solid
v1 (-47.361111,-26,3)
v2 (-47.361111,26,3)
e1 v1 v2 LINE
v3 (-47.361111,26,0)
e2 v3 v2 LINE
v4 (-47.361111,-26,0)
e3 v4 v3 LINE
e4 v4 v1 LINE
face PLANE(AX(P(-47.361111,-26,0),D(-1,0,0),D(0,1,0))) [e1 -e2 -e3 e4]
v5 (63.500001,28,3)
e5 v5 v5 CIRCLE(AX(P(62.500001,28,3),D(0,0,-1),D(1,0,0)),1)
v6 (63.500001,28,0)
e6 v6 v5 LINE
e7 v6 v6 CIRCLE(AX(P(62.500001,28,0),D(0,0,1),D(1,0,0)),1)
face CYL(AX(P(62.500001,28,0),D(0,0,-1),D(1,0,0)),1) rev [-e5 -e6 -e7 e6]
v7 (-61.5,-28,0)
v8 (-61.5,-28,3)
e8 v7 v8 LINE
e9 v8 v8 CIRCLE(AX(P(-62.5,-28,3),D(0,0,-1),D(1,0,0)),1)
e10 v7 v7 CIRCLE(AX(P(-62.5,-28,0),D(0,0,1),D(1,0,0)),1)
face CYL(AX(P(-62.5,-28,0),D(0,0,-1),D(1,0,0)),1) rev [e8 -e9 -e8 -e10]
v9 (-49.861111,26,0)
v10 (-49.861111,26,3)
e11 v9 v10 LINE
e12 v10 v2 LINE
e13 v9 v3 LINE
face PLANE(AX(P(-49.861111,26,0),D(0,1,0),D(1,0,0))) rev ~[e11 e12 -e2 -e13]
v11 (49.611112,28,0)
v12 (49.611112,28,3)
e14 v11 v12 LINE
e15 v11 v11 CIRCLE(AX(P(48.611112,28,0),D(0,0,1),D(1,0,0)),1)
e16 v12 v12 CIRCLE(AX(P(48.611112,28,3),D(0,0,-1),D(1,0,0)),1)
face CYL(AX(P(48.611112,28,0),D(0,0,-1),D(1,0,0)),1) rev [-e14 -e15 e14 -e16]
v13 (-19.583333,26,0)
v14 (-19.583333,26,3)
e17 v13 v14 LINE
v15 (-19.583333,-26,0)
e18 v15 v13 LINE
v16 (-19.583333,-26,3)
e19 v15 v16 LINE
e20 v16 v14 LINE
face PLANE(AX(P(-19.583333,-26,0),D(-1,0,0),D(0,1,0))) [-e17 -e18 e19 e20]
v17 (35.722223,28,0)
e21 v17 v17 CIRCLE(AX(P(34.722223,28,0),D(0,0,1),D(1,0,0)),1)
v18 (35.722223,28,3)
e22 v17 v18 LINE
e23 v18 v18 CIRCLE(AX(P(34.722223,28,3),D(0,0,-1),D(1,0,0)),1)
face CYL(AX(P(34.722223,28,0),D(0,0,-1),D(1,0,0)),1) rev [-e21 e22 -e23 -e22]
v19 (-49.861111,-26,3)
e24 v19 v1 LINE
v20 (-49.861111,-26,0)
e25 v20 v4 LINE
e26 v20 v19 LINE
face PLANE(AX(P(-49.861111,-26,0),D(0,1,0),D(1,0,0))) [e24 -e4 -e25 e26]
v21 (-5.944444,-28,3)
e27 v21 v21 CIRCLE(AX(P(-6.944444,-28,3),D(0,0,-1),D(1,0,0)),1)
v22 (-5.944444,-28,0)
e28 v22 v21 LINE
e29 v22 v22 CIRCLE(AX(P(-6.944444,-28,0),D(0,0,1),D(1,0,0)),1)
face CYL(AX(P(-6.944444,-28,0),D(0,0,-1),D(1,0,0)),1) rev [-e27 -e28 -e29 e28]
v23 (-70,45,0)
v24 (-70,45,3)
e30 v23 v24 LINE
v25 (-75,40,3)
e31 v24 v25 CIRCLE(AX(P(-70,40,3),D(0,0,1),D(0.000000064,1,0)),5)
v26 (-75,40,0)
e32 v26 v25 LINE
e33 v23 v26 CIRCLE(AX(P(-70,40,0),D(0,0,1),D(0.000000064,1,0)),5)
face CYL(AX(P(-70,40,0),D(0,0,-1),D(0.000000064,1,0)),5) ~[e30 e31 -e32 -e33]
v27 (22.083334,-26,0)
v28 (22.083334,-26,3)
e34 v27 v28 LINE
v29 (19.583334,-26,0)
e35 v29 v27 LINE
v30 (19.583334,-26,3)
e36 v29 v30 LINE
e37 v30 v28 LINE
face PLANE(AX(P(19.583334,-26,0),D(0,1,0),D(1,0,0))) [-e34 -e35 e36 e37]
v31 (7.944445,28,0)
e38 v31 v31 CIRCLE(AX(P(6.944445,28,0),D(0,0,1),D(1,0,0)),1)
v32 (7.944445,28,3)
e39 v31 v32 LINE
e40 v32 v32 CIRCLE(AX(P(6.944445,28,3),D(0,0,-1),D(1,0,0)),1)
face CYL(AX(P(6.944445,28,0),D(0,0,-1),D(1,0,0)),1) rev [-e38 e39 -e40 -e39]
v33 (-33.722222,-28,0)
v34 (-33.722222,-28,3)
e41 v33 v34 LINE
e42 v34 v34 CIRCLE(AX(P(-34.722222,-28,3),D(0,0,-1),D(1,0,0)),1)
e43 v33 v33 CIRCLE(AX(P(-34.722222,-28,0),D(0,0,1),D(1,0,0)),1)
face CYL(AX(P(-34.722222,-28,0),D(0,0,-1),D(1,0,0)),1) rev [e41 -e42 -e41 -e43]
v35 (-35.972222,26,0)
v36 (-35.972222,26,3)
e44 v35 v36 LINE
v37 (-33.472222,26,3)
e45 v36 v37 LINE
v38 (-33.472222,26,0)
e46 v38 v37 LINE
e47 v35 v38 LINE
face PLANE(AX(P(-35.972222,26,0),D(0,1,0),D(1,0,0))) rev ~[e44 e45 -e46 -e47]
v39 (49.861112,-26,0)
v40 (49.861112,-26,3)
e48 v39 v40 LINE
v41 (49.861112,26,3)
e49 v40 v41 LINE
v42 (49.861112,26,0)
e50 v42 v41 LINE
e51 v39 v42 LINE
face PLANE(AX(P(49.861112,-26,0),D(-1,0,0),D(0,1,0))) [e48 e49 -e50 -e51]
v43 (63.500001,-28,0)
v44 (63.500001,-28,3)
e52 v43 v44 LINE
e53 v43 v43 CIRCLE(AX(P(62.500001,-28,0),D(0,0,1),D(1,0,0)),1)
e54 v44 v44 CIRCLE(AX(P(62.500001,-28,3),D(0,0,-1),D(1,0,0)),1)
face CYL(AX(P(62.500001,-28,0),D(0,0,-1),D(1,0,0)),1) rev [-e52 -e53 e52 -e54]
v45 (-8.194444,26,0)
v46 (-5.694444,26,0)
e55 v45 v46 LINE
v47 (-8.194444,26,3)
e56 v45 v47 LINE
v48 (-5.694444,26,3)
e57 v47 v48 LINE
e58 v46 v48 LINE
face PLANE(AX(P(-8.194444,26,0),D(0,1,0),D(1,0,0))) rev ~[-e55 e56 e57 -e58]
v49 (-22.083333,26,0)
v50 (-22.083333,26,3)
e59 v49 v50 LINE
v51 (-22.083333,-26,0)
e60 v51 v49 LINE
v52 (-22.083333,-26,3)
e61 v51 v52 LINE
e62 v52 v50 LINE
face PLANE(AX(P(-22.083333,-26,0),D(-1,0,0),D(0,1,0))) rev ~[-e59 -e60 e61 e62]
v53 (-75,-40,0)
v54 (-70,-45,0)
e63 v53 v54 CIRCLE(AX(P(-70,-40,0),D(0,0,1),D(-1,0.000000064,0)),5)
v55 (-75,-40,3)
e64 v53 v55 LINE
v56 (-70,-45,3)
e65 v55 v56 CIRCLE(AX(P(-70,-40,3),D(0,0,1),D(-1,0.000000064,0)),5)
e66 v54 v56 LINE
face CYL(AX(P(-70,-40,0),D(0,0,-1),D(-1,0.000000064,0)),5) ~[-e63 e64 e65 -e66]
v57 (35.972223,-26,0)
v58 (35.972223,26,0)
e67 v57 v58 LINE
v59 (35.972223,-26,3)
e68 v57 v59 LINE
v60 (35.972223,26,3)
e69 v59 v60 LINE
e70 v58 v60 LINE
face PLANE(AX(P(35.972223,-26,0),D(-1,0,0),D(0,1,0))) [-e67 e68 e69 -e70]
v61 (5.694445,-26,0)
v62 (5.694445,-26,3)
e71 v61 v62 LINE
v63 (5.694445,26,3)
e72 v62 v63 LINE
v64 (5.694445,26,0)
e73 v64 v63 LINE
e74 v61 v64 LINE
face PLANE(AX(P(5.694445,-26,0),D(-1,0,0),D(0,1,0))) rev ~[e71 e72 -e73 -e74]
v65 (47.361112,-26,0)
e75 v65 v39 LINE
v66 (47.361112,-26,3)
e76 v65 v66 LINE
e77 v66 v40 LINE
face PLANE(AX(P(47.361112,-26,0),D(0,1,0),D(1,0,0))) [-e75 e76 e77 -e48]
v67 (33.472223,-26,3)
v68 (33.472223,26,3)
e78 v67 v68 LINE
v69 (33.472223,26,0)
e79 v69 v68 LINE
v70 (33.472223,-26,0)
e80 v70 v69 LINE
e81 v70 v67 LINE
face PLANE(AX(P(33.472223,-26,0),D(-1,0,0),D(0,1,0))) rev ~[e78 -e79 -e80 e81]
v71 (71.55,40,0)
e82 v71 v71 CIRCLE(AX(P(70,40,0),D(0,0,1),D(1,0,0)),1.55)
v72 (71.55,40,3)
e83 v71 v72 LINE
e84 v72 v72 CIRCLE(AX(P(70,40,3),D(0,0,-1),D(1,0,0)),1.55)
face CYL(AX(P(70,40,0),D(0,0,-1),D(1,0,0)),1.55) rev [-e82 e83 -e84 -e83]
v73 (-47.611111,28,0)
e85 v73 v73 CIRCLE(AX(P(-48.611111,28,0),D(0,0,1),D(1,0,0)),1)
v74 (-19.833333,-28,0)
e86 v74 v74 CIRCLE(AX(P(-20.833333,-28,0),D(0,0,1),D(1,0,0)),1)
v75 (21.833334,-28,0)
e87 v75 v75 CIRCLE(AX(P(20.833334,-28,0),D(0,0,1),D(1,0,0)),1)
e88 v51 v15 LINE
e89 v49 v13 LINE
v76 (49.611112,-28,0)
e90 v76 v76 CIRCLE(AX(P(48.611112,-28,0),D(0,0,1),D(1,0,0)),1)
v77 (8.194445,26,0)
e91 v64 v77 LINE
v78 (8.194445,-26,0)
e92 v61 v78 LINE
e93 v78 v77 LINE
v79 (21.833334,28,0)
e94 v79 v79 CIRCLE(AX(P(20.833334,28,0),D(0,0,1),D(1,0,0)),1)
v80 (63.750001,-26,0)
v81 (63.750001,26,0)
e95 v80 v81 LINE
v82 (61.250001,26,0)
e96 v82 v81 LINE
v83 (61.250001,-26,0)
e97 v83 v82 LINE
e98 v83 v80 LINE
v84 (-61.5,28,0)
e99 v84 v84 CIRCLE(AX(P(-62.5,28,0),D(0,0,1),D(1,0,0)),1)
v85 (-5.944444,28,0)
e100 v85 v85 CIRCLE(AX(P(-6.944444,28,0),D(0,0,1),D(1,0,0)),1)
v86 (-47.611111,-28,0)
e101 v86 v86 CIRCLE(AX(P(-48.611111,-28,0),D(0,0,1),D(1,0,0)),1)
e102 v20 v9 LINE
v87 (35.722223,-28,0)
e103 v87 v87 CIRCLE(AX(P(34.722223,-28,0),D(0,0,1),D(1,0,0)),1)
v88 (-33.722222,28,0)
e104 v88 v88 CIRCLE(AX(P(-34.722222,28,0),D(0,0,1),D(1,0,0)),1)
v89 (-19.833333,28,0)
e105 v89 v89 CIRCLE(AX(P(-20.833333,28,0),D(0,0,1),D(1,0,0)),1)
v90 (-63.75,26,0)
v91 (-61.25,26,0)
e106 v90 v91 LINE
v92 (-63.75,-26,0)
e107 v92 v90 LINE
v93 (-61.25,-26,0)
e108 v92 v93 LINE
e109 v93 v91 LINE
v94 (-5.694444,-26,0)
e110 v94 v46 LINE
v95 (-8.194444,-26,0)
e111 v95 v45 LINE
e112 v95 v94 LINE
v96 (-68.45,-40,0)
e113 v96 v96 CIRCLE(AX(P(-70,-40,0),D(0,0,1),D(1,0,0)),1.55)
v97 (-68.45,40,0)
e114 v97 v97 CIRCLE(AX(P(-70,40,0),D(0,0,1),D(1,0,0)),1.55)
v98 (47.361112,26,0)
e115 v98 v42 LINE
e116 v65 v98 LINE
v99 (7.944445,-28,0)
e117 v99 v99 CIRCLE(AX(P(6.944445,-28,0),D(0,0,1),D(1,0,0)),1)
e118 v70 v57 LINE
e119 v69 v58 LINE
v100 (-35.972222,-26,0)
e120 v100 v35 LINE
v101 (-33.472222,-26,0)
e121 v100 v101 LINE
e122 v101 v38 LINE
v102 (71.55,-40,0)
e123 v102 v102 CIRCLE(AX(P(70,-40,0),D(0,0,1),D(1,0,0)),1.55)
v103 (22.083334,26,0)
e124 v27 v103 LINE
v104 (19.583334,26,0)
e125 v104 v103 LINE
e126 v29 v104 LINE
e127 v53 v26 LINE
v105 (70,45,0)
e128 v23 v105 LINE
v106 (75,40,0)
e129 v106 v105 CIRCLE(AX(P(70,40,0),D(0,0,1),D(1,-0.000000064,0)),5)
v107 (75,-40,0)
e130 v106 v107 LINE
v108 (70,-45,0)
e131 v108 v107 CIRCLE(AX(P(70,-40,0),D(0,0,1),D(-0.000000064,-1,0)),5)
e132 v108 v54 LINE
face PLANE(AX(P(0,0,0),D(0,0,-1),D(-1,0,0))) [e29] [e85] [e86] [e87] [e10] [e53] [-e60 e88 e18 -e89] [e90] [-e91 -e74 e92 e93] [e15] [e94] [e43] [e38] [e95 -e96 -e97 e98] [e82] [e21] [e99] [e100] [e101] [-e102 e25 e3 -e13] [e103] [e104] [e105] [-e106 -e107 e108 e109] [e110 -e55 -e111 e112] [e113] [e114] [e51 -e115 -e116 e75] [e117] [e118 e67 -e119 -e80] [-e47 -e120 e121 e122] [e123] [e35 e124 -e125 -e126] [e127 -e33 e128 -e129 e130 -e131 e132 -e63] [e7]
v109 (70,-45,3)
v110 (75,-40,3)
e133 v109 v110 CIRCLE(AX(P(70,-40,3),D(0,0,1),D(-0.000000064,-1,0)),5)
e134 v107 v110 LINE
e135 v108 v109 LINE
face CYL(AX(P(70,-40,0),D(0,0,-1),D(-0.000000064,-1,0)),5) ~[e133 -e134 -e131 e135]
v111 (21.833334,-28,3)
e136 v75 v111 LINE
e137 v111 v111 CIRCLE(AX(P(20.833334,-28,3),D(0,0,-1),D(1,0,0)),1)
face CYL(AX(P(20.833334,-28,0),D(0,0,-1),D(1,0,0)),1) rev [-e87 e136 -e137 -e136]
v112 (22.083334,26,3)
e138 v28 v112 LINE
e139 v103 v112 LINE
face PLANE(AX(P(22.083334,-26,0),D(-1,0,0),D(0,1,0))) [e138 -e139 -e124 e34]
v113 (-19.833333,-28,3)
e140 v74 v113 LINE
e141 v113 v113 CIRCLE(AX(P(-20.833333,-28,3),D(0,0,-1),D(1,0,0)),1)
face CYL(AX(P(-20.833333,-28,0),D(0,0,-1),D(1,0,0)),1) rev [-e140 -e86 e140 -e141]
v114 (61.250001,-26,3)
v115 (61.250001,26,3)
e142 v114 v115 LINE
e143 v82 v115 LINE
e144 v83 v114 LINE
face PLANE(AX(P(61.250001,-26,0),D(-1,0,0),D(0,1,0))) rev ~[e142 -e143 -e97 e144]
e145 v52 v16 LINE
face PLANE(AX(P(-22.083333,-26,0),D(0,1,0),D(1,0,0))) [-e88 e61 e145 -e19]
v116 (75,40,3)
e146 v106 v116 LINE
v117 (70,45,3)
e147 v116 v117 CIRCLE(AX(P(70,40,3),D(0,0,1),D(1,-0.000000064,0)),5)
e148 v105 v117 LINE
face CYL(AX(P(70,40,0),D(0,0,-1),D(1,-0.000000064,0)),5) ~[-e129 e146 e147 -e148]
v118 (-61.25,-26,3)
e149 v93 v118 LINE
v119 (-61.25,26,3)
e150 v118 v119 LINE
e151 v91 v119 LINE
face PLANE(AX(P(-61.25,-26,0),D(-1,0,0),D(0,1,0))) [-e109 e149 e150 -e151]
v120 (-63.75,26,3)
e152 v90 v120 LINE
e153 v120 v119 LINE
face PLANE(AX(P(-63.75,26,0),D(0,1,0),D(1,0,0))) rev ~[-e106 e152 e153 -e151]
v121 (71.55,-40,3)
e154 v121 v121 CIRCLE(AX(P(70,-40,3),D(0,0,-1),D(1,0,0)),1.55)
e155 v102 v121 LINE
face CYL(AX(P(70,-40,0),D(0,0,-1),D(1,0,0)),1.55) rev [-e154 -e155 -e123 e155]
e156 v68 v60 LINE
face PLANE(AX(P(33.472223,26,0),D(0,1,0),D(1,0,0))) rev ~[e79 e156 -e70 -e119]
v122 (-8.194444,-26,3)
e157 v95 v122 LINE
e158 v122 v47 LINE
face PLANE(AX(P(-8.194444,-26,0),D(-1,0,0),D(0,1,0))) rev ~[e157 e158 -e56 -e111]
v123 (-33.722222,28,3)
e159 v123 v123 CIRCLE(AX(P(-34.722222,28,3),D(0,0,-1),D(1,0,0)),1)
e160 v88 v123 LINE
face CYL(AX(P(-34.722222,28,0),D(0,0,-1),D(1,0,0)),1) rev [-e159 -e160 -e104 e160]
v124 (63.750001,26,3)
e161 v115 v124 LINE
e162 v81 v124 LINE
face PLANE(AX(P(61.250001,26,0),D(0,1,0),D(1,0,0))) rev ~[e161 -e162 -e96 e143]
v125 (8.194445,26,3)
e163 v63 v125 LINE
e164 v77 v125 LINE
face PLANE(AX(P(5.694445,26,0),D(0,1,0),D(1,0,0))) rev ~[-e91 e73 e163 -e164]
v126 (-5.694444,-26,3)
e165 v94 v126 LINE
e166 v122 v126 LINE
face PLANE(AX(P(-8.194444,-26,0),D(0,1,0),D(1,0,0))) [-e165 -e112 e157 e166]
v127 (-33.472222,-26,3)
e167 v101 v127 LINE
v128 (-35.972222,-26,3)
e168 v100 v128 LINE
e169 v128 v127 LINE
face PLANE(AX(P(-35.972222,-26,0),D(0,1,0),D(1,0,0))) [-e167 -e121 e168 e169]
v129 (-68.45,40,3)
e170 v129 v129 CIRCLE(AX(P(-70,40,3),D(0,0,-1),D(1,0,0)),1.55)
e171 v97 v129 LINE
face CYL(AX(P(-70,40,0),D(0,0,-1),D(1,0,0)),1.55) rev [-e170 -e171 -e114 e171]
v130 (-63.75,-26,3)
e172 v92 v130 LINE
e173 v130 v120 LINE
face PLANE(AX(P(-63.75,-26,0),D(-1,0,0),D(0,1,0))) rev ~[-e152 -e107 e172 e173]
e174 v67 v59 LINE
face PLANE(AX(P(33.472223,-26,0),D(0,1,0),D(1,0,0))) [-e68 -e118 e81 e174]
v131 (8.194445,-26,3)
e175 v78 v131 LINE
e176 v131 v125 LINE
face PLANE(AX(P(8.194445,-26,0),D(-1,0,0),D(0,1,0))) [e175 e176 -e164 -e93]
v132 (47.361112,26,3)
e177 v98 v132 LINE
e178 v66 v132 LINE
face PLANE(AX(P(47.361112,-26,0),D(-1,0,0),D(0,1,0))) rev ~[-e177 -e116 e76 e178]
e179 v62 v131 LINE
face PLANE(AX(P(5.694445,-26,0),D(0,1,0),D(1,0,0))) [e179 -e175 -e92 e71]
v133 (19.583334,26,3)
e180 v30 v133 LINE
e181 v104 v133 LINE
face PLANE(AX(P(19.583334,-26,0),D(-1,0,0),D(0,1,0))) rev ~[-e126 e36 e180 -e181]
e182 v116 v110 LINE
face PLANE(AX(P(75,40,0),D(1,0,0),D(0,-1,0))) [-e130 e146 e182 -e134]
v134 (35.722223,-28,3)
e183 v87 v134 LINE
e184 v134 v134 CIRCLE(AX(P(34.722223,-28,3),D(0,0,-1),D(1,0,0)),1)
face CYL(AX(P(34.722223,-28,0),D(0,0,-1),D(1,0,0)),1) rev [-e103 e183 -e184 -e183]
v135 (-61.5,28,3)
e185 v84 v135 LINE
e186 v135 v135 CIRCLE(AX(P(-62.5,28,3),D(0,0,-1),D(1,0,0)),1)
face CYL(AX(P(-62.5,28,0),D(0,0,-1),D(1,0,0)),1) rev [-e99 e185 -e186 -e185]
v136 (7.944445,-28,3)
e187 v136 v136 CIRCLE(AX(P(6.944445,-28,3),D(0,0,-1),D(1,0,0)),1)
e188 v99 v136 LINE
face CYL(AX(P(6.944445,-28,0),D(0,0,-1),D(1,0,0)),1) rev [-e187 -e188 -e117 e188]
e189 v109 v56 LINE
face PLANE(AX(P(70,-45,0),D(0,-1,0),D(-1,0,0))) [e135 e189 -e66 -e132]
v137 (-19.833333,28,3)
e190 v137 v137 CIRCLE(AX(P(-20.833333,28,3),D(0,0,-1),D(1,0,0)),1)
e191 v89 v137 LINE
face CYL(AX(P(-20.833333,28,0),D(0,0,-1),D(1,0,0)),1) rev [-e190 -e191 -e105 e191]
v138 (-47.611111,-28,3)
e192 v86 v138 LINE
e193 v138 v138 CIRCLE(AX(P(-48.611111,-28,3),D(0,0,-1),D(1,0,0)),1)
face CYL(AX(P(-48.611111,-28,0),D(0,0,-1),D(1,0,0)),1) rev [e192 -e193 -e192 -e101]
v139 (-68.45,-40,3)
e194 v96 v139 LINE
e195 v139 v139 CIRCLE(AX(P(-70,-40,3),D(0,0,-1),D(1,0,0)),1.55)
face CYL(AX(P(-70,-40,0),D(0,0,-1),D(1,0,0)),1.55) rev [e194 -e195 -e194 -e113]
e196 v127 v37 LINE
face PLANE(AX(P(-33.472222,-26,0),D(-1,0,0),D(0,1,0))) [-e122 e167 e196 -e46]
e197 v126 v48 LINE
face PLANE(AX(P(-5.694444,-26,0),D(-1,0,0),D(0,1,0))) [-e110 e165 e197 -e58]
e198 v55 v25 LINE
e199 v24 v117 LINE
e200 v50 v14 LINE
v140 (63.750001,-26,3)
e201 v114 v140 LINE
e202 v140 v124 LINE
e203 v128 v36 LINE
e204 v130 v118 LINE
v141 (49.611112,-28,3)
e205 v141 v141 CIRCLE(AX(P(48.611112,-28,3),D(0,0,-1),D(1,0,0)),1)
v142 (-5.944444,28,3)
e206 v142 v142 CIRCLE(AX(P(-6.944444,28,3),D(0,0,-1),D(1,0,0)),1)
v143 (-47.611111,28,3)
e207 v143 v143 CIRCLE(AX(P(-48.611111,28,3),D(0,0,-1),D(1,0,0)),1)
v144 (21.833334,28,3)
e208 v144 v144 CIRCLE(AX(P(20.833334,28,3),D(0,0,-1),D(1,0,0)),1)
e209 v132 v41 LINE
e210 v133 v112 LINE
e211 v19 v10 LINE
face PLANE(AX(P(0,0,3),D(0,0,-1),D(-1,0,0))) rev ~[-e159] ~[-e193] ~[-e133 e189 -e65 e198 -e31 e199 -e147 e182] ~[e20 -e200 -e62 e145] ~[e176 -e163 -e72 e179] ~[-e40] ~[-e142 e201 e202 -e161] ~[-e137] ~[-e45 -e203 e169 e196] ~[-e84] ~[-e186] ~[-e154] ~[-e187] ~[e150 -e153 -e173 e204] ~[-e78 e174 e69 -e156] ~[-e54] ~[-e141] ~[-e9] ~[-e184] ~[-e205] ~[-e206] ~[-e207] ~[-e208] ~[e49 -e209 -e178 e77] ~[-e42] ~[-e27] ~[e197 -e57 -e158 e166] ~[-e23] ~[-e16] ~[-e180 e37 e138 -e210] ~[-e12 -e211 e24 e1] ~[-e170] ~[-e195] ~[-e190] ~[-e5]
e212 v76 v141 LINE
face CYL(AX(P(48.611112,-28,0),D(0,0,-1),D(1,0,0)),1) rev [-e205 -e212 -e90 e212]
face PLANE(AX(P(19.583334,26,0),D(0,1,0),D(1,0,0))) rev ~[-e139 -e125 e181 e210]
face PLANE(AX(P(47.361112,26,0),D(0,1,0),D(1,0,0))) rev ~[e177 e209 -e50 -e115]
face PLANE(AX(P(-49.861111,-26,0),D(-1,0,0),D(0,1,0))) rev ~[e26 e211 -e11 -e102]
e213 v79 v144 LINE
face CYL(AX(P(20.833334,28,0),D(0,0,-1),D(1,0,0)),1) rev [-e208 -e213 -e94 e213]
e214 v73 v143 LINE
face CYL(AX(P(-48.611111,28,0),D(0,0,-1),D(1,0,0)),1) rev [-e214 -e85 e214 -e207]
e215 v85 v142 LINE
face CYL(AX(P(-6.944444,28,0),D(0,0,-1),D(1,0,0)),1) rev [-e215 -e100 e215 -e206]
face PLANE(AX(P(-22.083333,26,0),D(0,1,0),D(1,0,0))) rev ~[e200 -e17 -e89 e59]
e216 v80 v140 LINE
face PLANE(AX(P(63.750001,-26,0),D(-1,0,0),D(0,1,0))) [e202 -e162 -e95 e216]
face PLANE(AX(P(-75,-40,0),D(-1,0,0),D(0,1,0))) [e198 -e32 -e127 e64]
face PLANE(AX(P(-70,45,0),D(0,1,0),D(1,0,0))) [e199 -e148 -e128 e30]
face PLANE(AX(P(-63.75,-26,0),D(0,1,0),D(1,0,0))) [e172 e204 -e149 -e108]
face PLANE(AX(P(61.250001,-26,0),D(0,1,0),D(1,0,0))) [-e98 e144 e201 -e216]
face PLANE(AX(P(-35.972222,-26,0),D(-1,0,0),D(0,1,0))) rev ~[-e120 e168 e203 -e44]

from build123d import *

# Parameters (mm, degrees)
PAD_DEPTH           = 3
SKETCH002_R         = 1
SKETCH002_W         = 2.5
SKETCH002_H         = 52
POCKET_DEPTH        = 3.001
LINEARPATTERN_COUNT = 10
LINEARPATTERN_PITCH = 13.888889
SKETCH003_R         = 1.55
POCKET001_DEPTH     = 3.001


with BuildPart() as part:
    # Sketch → Pad (new body)
    with BuildSketch(Plane.XY):
        with BuildLine():
            Line((-70, 45), (70, 45))
            ThreePointArc((75, 40), (73.535534, 43.535534), (70, 45))
            Line((75, 40), (75, -40))
            ThreePointArc((70, -45), (73.535534, -43.535534), (75, -40))
            Line((70, -45), (-70, -45))
            ThreePointArc((-75, -40), (-73.535534, -43.535534), (-70, -45))
            Line((-75, -40), (-75, 40))
            ThreePointArc((-70, 45), (-73.535534, 43.535534), (-75, 40))
        make_face()
    extrude(amount=PAD_DEPTH)

    # Sketch002 → Pocket (cut, through all)
    with BuildSketch(Plane(origin=(-62.5, 0, 0), x_dir=(1, 0, 0), z_dir=(0, 0, 1))):
        with Locations((0, 28)):
            Circle(SKETCH002_R)
        with Locations((0, -28)):
            Circle(SKETCH002_R)
        Rectangle(SKETCH002_W, SKETCH002_H)
    pocket = extrude(amount=POCKET_DEPTH, mode=Mode.SUBTRACT)

    # LinearPattern: Pocket ×10
    with Locations(*[(i * LINEARPATTERN_PITCH, 0, 0) for i in range(1, LINEARPATTERN_COUNT)]):
        add(pocket, mode=Mode.SUBTRACT)

    # Sketch003 → Pocket001 (cut, through all)
    with BuildSketch(Plane.XY):
        with Locations((-70, 40)):
            Circle(SKETCH003_R)
        with Locations((-70, -40)):
            Circle(SKETCH003_R)
        with Locations((70, 40)):
            Circle(SKETCH003_R)
        with Locations((70, -40)):
            Circle(SKETCH003_R)
    extrude(amount=POCKET001_DEPTH, mode=Mode.SUBTRACT)


solid = part.part
